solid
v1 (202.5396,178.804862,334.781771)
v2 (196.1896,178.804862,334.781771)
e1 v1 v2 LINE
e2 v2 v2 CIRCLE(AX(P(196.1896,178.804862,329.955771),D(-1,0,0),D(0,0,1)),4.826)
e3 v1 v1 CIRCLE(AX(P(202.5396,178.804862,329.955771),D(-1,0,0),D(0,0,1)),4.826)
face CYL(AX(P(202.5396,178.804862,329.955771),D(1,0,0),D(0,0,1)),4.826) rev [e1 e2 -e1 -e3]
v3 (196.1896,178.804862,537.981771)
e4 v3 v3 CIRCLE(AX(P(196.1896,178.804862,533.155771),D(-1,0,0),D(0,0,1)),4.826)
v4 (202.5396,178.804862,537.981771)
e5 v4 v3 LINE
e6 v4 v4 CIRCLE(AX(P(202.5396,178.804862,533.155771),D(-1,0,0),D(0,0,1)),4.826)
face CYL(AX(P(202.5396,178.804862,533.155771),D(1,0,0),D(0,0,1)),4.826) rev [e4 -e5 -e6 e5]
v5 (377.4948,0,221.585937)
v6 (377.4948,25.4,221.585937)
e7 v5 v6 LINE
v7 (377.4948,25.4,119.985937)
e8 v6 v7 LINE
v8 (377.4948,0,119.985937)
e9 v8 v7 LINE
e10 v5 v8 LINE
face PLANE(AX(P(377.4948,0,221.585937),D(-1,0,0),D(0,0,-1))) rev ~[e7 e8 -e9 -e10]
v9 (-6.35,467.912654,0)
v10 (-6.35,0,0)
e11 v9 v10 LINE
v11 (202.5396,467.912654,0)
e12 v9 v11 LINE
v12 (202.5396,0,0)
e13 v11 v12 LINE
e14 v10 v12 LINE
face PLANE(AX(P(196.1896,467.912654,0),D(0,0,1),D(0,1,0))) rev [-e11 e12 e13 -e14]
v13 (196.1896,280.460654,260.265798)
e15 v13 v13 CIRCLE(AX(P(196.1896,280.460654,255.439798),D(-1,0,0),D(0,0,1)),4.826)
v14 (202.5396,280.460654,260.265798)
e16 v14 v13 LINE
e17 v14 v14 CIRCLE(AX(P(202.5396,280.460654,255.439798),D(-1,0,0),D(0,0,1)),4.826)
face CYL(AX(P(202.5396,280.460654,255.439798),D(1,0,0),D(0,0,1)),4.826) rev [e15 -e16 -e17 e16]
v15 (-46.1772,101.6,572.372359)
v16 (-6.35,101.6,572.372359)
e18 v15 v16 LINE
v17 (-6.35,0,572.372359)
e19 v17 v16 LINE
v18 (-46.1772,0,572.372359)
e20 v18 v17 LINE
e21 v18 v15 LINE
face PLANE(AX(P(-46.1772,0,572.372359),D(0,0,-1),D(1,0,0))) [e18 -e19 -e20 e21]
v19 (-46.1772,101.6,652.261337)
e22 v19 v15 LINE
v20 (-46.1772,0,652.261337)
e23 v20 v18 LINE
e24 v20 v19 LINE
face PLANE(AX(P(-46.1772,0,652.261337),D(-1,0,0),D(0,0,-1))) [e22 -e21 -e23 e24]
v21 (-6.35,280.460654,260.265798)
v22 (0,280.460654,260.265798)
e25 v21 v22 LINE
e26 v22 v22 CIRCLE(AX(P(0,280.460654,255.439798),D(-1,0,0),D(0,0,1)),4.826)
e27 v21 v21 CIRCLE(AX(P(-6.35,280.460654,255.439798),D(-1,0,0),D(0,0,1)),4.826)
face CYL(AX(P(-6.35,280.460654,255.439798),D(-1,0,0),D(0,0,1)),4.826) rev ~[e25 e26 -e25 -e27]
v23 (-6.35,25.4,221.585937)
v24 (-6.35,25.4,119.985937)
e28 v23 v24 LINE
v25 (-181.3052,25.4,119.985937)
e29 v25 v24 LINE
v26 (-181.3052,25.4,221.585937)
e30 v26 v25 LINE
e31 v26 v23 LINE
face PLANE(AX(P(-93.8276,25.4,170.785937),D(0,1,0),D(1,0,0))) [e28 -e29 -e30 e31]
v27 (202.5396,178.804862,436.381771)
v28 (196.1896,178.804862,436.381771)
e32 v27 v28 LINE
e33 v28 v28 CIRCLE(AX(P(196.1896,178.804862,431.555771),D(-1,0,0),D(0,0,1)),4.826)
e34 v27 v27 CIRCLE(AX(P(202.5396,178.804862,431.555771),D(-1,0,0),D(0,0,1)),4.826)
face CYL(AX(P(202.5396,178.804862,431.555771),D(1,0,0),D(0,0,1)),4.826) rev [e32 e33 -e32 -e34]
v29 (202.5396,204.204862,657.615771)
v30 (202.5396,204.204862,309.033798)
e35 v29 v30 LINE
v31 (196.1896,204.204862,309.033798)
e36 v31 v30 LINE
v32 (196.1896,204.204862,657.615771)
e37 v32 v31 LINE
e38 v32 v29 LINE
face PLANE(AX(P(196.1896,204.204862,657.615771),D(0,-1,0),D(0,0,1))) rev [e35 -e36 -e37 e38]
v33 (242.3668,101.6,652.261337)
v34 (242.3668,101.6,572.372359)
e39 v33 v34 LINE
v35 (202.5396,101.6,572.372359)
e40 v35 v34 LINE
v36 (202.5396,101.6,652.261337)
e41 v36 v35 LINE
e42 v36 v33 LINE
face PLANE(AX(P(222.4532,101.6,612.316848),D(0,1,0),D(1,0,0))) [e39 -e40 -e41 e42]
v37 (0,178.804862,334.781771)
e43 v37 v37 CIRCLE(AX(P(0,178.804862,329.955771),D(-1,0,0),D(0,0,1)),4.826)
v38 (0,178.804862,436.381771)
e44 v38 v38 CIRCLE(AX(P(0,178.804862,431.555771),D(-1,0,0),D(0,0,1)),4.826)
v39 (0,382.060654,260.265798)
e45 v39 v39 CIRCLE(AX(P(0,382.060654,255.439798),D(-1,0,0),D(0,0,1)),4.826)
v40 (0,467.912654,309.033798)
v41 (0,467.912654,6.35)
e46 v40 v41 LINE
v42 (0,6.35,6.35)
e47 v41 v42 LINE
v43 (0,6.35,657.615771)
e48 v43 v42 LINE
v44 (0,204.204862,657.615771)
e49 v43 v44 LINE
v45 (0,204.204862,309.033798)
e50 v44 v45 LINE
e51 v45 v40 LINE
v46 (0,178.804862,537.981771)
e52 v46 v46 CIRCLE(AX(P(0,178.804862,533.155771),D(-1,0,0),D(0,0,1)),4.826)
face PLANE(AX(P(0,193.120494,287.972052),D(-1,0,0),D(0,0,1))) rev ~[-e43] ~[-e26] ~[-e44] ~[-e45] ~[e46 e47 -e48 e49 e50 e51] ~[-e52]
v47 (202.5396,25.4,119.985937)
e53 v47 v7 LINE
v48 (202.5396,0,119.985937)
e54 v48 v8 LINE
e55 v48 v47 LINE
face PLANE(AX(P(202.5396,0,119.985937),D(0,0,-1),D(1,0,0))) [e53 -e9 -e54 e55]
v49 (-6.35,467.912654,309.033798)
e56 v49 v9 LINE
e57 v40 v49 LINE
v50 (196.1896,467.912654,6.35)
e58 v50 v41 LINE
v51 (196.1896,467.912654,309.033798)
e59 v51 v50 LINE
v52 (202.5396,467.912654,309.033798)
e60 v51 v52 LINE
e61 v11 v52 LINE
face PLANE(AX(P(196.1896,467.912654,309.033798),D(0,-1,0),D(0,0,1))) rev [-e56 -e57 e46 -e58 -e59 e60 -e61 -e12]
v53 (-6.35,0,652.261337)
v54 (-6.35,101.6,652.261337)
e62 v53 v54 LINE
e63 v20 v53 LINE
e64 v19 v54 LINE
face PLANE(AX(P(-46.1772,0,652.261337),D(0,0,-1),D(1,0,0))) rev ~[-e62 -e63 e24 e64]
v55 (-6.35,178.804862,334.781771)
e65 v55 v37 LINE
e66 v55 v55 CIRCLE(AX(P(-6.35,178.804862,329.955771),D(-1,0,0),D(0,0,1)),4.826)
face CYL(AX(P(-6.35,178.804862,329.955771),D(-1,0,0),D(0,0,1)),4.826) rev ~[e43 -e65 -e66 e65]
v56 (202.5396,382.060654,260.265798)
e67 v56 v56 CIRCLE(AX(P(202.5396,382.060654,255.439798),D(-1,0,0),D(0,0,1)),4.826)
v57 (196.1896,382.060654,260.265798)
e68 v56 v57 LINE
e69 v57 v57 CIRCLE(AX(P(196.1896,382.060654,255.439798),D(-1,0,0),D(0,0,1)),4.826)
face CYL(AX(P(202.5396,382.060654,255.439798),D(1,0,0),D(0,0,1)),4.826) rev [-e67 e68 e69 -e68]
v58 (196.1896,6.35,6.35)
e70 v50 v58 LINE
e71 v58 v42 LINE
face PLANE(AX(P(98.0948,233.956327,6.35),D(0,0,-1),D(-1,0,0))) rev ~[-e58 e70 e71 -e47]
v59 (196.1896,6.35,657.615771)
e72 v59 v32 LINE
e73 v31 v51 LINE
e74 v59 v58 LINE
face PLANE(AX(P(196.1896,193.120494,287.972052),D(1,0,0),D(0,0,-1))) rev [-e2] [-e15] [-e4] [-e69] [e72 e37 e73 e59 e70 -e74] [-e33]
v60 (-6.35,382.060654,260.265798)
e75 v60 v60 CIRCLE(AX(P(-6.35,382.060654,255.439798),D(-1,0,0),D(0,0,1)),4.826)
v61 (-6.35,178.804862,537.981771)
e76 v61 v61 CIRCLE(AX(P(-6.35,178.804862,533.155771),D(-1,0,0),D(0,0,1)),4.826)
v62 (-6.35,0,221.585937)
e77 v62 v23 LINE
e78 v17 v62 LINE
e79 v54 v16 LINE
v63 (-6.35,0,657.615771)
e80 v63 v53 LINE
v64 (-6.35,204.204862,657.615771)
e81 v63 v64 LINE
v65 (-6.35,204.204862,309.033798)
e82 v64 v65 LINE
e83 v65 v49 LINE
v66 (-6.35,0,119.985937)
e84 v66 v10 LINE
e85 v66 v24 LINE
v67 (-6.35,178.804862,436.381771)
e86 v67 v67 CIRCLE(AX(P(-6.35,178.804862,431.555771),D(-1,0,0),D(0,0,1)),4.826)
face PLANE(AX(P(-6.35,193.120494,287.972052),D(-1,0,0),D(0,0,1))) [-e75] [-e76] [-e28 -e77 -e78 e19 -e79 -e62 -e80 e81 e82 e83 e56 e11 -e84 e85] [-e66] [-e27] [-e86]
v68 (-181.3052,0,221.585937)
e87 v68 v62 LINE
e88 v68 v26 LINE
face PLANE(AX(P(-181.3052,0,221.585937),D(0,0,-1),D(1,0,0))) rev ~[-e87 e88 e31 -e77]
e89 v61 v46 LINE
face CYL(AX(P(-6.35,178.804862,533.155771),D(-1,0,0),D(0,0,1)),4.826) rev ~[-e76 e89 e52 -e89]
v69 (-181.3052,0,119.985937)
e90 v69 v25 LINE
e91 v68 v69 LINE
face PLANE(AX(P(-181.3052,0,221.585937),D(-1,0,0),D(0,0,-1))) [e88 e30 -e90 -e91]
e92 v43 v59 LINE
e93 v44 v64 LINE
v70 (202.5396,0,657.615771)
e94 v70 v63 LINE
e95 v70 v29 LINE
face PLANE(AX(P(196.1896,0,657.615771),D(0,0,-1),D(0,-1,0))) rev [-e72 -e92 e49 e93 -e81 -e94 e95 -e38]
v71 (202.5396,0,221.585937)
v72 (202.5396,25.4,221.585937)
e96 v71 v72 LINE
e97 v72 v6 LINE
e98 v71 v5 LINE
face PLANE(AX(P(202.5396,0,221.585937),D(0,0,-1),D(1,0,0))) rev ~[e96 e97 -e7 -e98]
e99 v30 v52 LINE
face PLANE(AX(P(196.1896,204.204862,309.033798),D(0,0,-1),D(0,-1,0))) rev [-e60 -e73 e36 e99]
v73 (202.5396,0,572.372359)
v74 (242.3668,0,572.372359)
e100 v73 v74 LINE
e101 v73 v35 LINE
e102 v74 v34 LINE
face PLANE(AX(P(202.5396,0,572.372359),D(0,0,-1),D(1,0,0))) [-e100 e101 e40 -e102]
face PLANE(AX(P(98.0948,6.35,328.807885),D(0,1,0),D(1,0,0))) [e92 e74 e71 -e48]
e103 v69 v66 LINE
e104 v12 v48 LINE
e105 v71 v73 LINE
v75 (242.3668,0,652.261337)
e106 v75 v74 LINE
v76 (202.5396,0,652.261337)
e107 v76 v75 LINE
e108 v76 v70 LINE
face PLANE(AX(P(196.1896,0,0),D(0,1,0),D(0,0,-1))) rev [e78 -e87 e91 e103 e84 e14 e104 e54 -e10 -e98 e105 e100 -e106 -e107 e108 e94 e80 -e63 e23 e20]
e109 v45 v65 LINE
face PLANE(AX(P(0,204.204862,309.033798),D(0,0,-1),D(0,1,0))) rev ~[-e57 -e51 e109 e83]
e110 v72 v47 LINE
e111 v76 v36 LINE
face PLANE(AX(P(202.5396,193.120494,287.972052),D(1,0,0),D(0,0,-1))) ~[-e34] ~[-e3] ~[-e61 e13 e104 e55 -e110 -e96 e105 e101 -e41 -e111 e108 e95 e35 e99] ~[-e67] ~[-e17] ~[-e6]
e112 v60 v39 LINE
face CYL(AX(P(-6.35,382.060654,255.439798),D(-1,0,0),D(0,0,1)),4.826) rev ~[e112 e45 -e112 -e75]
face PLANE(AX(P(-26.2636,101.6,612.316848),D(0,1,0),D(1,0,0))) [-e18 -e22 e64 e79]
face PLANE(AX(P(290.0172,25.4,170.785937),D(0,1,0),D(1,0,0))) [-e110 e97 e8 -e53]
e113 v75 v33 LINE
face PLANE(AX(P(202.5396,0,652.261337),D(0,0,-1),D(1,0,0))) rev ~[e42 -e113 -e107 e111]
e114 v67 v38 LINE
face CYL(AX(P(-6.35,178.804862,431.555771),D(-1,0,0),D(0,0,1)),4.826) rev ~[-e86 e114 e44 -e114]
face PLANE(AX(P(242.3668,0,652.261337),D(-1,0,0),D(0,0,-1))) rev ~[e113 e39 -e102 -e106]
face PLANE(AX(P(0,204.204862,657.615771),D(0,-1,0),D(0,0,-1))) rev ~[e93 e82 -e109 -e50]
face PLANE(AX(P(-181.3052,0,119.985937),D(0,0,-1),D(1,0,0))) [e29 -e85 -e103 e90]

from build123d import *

# Parameters (mm, degrees)
BOSS_EXTRUDE1_DEPTH = 6.35
SKETCH17_W          = 196.1896
SKETCH17_H          = 657.6157706
BOSS_EXTRUDE2_DEPTH = 6.35
SKETCH18_W          = 208.8896
SKETCH18_H          = 467.912654328
BOSS_EXTRUDE3_DEPTH = 6.35
SKETCH20_W          = 174.9552
SKETCH20_H          = 101.6
BOSS_EXTRUDE4_DEPTH = 25.4
SKETCH22_W          = 39.8272
SKETCH22_H          = 79.88897833
BOSS_EXTRUDE5_DEPTH = 101.6
SKETCH25_R          = 4.826
CUT_EXTRUDE1_DEPTH  = 6.35


with BuildPart() as part:
    # Sketch15 → Boss-Extrude1 (new body)
    with BuildSketch(Plane(origin=(0, 0, 0), x_dir=(0, 0, -1), z_dir=(1, 0, 0))):
        Polygon((0, 0), (-657.6157706, 0), (-657.6157706, 204.204861602), (-309.033798252, 204.204861602), (-309.033798252, 467.912654328), (0, 467.912654328), align=None)
    boss_extrude1 = extrude(amount=-BOSS_EXTRUDE1_DEPTH)

    # Sketch17 → Boss-Extrude2 (add)
    with BuildSketch(Plane(origin=(0, 0, 0), x_dir=(1, 0, 0), z_dir=(0, 1, 0))):
        with Locations((98.0948, -328.8078853)):
            Rectangle(SKETCH17_W, SKETCH17_H)
    extrude(amount=BOSS_EXTRUDE2_DEPTH)

    # Mirror1: Boss-Extrude1 across plane
    add(boss_extrude1.mirror(Plane(origin=(98.0948, 0, 0), x_dir=(0, 0, 1), z_dir=(1, 0, 0))))

    # Sketch18 → Boss-Extrude3 (add)
    with BuildSketch(Plane(origin=(0, 0, 0), x_dir=(-1, 0, 0), z_dir=(0, 0, -1))):
        with Locations((-98.0948, 233.956327164)):
            Rectangle(SKETCH18_W, SKETCH18_H)
    extrude(amount=-BOSS_EXTRUDE3_DEPTH)

    # Sketch20 → Boss-Extrude4 (add)
    with BuildSketch(Plane(origin=(0, 0, 0), x_dir=(1, 0, 0), z_dir=(0, 1, 0))):
        with Locations((-93.8276, -170.785936787)):
            Rectangle(SKETCH20_W, SKETCH20_H)
        with Locations((290.0172, -170.785936787)):
            Rectangle(SKETCH20_W, SKETCH20_H)
    extrude(amount=BOSS_EXTRUDE4_DEPTH)

    # Sketch22 → Boss-Extrude5 (add)
    with BuildSketch(Plane(origin=(0, 0, 0), x_dir=(1, 0, 0), z_dir=(0, 1, 0))):
        with Locations((-26.2636, -612.31684817)):
            Rectangle(SKETCH22_W, SKETCH22_H)
        with Locations((222.4532, -612.31684817)):
            Rectangle(SKETCH22_W, SKETCH22_H)
    extrude(amount=BOSS_EXTRUDE5_DEPTH)

    # Sketch25 → Cut-Extrude1 (cut)
    with BuildSketch(Plane.ZY.offset(6.35)):
        with Locations((533.1557706, 178.804861602)):
            Circle(SKETCH25_R)
        with Locations((431.5557706, 178.804861602)):
            Circle(SKETCH25_R)
        with Locations((329.9557706, 178.804861602)):
            Circle(SKETCH25_R)
        with Locations((255.439798252, 280.460654328)):
            Circle(SKETCH25_R)
        with Locations((255.439798252, 382.060654328)):
            Circle(SKETCH25_R)
    cut_extrude1 = extrude(amount=-CUT_EXTRUDE1_DEPTH, mode=Mode.SUBTRACT)

    # Mirror2: Cut-Extrude1 across plane
    add(cut_extrude1.mirror(Plane(origin=(98.0948, 0, 0), x_dir=(0, 0, 1), z_dir=(1, 0, 0))), mode=Mode.SUBTRACT)


solid = part.part
